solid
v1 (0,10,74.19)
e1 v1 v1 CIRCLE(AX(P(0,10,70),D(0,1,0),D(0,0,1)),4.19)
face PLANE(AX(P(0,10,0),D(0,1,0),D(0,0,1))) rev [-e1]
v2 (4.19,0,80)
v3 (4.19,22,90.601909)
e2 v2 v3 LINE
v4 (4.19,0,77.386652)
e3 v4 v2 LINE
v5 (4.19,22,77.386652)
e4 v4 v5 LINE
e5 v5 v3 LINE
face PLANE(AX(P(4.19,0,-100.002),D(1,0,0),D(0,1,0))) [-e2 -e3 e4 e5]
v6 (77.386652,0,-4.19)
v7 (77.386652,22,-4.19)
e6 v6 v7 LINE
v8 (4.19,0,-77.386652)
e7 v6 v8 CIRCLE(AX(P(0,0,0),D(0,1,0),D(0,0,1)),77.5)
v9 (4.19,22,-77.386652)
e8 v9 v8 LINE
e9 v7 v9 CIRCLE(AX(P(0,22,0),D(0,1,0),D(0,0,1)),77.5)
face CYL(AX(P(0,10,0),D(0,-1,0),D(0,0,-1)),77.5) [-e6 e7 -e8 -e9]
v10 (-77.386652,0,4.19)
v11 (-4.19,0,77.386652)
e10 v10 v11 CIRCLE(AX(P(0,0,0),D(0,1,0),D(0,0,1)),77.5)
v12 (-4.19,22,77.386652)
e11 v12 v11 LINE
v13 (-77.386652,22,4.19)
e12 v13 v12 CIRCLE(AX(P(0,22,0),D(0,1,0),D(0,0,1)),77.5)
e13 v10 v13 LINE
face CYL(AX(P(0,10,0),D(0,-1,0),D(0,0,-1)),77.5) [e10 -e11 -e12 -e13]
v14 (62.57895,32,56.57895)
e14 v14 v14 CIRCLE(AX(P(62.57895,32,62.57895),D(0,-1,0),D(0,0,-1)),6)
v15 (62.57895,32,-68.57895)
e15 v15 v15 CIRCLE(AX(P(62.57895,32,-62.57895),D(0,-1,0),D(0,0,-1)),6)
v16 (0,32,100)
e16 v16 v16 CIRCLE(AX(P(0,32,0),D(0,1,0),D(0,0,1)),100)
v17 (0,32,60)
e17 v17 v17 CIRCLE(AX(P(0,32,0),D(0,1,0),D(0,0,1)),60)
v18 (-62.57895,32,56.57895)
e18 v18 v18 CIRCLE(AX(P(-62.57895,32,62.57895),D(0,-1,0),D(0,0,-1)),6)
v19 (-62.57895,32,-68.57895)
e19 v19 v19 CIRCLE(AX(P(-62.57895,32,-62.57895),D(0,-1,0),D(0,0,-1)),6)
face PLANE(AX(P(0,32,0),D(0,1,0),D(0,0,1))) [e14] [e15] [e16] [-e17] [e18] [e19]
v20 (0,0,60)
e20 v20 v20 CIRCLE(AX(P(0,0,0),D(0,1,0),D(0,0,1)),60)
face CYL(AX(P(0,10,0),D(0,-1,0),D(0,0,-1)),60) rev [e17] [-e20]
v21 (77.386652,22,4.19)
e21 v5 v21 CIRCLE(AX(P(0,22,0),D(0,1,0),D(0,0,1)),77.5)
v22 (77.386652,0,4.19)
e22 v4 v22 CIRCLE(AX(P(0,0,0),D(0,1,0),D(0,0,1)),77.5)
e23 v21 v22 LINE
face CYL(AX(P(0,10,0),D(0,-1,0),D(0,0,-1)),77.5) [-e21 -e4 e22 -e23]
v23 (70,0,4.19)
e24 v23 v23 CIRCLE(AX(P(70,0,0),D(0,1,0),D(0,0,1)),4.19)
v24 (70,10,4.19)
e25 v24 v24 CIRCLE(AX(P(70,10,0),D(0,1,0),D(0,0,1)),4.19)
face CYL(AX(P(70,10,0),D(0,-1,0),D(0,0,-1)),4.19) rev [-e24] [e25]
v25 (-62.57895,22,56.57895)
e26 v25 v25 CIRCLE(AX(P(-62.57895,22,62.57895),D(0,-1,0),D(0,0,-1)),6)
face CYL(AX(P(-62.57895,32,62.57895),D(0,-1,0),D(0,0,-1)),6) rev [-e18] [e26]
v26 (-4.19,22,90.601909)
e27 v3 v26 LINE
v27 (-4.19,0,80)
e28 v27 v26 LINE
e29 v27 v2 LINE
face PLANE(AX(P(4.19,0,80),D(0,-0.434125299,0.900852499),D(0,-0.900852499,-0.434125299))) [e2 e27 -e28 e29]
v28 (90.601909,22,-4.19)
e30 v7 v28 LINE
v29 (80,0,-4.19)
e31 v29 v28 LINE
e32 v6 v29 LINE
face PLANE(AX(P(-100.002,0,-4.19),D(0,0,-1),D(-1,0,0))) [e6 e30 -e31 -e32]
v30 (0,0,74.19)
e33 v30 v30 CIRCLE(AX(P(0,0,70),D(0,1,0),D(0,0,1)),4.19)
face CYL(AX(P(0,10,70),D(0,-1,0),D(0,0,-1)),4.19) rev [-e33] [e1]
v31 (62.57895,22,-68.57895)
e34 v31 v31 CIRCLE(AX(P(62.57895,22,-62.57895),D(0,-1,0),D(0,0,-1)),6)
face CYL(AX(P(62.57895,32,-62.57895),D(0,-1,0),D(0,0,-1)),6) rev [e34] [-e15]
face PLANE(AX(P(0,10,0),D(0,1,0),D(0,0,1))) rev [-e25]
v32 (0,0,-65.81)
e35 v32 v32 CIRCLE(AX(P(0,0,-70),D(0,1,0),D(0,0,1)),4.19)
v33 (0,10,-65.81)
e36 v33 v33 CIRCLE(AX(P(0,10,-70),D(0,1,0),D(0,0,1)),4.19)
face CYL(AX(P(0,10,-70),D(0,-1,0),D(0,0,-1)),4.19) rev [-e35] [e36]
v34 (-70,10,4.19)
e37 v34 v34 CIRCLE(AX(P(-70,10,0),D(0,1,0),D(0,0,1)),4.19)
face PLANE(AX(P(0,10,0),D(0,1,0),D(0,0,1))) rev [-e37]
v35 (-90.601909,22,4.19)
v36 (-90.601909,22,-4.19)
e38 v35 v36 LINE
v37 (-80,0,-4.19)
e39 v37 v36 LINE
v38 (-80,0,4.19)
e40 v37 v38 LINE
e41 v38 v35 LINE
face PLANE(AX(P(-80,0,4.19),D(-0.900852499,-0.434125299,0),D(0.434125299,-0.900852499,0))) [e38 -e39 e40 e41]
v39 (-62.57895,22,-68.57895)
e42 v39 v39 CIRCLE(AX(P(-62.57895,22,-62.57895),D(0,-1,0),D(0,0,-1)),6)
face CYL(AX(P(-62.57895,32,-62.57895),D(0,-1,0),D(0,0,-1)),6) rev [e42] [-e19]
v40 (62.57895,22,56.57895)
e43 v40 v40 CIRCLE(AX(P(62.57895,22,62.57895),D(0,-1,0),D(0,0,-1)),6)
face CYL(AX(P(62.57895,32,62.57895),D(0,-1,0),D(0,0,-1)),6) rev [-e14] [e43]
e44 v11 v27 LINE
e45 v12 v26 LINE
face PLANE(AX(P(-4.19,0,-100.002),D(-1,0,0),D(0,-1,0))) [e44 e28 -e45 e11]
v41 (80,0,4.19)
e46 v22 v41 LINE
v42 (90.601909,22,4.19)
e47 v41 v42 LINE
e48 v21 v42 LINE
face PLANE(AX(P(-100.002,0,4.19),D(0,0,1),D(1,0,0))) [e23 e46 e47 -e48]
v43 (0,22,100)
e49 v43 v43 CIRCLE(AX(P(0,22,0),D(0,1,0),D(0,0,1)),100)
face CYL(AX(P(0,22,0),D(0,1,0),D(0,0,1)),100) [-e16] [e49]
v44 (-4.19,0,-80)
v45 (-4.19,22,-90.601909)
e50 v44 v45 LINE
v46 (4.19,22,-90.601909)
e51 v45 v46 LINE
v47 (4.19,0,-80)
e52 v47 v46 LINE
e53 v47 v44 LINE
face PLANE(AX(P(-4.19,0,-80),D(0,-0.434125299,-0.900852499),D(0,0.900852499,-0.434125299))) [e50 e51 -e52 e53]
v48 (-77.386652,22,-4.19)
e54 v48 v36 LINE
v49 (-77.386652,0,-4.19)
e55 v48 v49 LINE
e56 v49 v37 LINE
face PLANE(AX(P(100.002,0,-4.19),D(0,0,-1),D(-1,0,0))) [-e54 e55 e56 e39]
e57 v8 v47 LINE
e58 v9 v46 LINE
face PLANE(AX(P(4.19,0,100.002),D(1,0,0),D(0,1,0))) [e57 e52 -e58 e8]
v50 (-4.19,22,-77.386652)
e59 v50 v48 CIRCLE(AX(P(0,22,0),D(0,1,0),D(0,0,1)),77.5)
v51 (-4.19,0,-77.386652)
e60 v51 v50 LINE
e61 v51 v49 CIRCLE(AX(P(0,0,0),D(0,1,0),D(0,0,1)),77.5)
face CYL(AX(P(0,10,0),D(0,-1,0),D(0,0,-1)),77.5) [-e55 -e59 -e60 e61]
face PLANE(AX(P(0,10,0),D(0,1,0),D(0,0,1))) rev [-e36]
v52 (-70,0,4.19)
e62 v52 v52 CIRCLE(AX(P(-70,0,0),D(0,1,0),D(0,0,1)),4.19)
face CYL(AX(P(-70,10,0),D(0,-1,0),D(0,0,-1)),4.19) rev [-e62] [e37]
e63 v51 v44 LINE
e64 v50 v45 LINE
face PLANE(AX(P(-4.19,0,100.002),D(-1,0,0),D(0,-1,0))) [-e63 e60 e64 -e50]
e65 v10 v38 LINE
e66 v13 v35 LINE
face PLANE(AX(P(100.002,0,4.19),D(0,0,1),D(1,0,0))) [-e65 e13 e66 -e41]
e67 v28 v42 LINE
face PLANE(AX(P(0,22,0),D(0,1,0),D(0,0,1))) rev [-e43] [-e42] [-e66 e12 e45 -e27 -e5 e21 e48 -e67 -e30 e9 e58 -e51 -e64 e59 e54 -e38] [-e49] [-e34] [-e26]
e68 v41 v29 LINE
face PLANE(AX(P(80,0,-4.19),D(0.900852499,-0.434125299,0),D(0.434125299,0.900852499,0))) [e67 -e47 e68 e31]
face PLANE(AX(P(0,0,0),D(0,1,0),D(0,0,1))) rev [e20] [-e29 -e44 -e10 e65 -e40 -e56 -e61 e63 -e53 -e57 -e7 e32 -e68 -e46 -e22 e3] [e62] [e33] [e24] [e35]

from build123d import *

# Parameters (mm, degrees)
IZIM1_R                          = 77.5
IZIM1_R_2                        = 60
IZIM1_R_3                        = 4.19
Y_KSEKLIK_EKSTR_ZYON1_DEPTH      = 10
IZIM2_R                          = 77.5
IZIM2_R_2                        = 60
Y_KSEKLIK_EKSTR_ZYON2_DEPTH      = 22
Y_KSEKLIK_EKSTR_ZYON3_START      = -10
IZIM3_R                          = 100
IZIM3_R_2                        = 60
Y_KSEKLIK_EKSTR_ZYON3_DEPTH      = 10
Y_KSEKLIK_EKSTR_ZYON4_REACH      = 210.384
Y_KSEKLIK_EKSTR_ZYON4_END_RADIUS = 77.5
IZIM5_W                          = 8.38
IZIM5_H                          = 22
DAIRESEL_KAPLAMA1_COUNT          = 4
EKSTR_ZYON_NCE4_DEPTH            = 4.19
DAIRESEL_KAPLAMA2_COUNT          = 4
IZIM7_R                          = 4.19
KES_EKSTR_ZYON1_DEPTH            = 10
IZIM8_R                          = 6
KES_EKSTR_ZYON2_DEPTH            = 144.122325303


with BuildPart() as part:
    # Çizim1 → Yükseklik-Ekstrüzyon1 (new body)
    with BuildSketch(Plane(origin=(0, 0, 0), x_dir=(1, 0, 0), z_dir=(0, 1, 0))):
        with Locations(Location((0, 0, 0), (0, 0, 270))):
            Circle(IZIM1_R)
        with Locations(Location((0, 0, 0), (0, 0, 270))):
            Circle(IZIM1_R_2, mode=Mode.SUBTRACT)
        with Locations(Location((0, 70, 0), (0, 0, 270))):
            Circle(IZIM1_R_3, mode=Mode.SUBTRACT)
        with Locations(Location((70, 0, 0), (0, 0, 270))):
            Circle(IZIM1_R_3, mode=Mode.SUBTRACT)
        with Locations(Location((0, -70, 0), (0, 0, 270))):
            Circle(IZIM1_R_3, mode=Mode.SUBTRACT)
        with Locations(Location((-70, 0, 0), (0, 0, 270))):
            Circle(IZIM1_R_3, mode=Mode.SUBTRACT)
    extrude(amount=Y_KSEKLIK_EKSTR_ZYON1_DEPTH)

    # Çizim2 → Yükseklik-Ekstrüzyon2 (add)
    with BuildSketch(Plane(origin=(0, 10, 0), x_dir=(1, 0, 0), z_dir=(0, 1, 0))):
        with Locations(Location((0, 0, 0), (0, 0, 270))):
            Circle(IZIM2_R)
        with Locations(Location((0, 0, 0), (0, 0, 270))):
            Circle(IZIM2_R_2, mode=Mode.SUBTRACT)
    extrude(amount=Y_KSEKLIK_EKSTR_ZYON2_DEPTH)

    # Çizim3 → Yükseklik-Ekstrüzyon3 (add)
    with BuildSketch(Plane(origin=(0, 32, 0), x_dir=(1, 0, 0), z_dir=(0, 1, 0)).offset(Y_KSEKLIK_EKSTR_ZYON3_START)):
        with Locations(Location((0, 0, 0), (0, 0, 270))):
            Circle(IZIM3_R)
        with Locations(Location((0, 0, 0), (0, 0, 270))):
            Circle(IZIM3_R_2, mode=Mode.SUBTRACT)
    extrude(amount=Y_KSEKLIK_EKSTR_ZYON3_DEPTH)

    # Yükseklik-Ekstrüzyon4: up to this cylinder (the profile starts outside it)
    y_kseklik_ekstr_zyon4_end = Plane(origin=(0, 11, 0), z_dir=(0, -1, 0)) * Cylinder(Y_KSEKLIK_EKSTR_ZYON4_END_RADIUS, 576.768, mode=Mode.PRIVATE)
    # Çizim5 → Yükseklik-Ekstrüzyon4 (add, up to the surface)
    with BuildSketch(Plane.XY.offset(80), mode=Mode.PRIVATE) as y_kseklik_ekstr_zyon4_sk1:
        with Locations((0, 11)):
            Rectangle(IZIM5_W, IZIM5_H)
    y_kseklik_ekstr_zyon4_tool1 = extrude(y_kseklik_ekstr_zyon4_sk1.sketch, amount=-Y_KSEKLIK_EKSTR_ZYON4_REACH, mode=Mode.PRIVATE) - y_kseklik_ekstr_zyon4_end
    y_kseklik_ekstr_zyon4 = y_kseklik_ekstr_zyon4_tool1.solids().sort_by_distance((0, 11, 80))[0]
    add(y_kseklik_ekstr_zyon4)

    # Dairesel Kaplama1: Yükseklik-Ekstrüzyon4 ×4 about axis
    dairesel_kaplama1_axis = Axis((0, 0, 0), (0, 1, 0))
    for i in range(1, DAIRESEL_KAPLAMA1_COUNT):
        add(y_kseklik_ekstr_zyon4.rotate(dairesel_kaplama1_axis, i * 360 / DAIRESEL_KAPLAMA1_COUNT))

    # Çizim6 → Ekstrüzyon-İnce4 (add, symmetric)
    with BuildSketch(Plane(origin=(0, 0, 0), x_dir=(0, 0, -1), z_dir=(1, 0, 0))):
        Polygon((-80, 0), (-90.601909395, 22), (-81.593384405, 26.341252988), (-70.99147501, 4.341252988), align=None)
    ekstr_zyon_nce4 = extrude(amount=EKSTR_ZYON_NCE4_DEPTH, both=True)

    # Dairesel Kaplama2: Ekstrüzyon-İnce4 ×4 about axis
    dairesel_kaplama2_axis = Axis((0, 0, 0), (0, 1, 0))
    for i in range(1, DAIRESEL_KAPLAMA2_COUNT):
        add(ekstr_zyon_nce4.rotate(dairesel_kaplama2_axis, i * 360 / DAIRESEL_KAPLAMA2_COUNT))

    # Çizim7 → Kes-Ekstrüzyon1 (cut)
    with BuildSketch(Plane.XZ):
        with Locations(Location((70, 0, 0), (0, 0, 90))):
            Circle(IZIM7_R)
        with Locations(Location((0, -70, 0), (0, 0, 90))):
            Circle(IZIM7_R)
        with Locations(Location((-70, 0, 0), (0, 0, 90))):
            Circle(IZIM7_R)
        with Locations(Location((0, 70, 0), (0, 0, 90))):
            Circle(IZIM7_R)
    extrude(amount=-KES_EKSTR_ZYON1_DEPTH, mode=Mode.SUBTRACT)

    # Çizim8 → Kes-Ekstrüzyon2 (cut, through all)
    with BuildSketch(Plane.XZ.offset(-22)):
        with Locations(Location((62.578950135, -62.578950135, 0), (0, 0, 270))):
            Circle(IZIM8_R)
        with Locations(Location((-62.578950135, -62.578950135, 0), (0, 0, 270))):
            Circle(IZIM8_R)
        with Locations(Location((-62.578950135, 62.578950135, 0), (0, 0, 270))):
            Circle(IZIM8_R)
        with Locations(Location((62.578950135, 62.578950135, 0), (0, 0, 270))):
            Circle(IZIM8_R)
    extrude(amount=-KES_EKSTR_ZYON2_DEPTH, mode=Mode.SUBTRACT)


solid = part.part
